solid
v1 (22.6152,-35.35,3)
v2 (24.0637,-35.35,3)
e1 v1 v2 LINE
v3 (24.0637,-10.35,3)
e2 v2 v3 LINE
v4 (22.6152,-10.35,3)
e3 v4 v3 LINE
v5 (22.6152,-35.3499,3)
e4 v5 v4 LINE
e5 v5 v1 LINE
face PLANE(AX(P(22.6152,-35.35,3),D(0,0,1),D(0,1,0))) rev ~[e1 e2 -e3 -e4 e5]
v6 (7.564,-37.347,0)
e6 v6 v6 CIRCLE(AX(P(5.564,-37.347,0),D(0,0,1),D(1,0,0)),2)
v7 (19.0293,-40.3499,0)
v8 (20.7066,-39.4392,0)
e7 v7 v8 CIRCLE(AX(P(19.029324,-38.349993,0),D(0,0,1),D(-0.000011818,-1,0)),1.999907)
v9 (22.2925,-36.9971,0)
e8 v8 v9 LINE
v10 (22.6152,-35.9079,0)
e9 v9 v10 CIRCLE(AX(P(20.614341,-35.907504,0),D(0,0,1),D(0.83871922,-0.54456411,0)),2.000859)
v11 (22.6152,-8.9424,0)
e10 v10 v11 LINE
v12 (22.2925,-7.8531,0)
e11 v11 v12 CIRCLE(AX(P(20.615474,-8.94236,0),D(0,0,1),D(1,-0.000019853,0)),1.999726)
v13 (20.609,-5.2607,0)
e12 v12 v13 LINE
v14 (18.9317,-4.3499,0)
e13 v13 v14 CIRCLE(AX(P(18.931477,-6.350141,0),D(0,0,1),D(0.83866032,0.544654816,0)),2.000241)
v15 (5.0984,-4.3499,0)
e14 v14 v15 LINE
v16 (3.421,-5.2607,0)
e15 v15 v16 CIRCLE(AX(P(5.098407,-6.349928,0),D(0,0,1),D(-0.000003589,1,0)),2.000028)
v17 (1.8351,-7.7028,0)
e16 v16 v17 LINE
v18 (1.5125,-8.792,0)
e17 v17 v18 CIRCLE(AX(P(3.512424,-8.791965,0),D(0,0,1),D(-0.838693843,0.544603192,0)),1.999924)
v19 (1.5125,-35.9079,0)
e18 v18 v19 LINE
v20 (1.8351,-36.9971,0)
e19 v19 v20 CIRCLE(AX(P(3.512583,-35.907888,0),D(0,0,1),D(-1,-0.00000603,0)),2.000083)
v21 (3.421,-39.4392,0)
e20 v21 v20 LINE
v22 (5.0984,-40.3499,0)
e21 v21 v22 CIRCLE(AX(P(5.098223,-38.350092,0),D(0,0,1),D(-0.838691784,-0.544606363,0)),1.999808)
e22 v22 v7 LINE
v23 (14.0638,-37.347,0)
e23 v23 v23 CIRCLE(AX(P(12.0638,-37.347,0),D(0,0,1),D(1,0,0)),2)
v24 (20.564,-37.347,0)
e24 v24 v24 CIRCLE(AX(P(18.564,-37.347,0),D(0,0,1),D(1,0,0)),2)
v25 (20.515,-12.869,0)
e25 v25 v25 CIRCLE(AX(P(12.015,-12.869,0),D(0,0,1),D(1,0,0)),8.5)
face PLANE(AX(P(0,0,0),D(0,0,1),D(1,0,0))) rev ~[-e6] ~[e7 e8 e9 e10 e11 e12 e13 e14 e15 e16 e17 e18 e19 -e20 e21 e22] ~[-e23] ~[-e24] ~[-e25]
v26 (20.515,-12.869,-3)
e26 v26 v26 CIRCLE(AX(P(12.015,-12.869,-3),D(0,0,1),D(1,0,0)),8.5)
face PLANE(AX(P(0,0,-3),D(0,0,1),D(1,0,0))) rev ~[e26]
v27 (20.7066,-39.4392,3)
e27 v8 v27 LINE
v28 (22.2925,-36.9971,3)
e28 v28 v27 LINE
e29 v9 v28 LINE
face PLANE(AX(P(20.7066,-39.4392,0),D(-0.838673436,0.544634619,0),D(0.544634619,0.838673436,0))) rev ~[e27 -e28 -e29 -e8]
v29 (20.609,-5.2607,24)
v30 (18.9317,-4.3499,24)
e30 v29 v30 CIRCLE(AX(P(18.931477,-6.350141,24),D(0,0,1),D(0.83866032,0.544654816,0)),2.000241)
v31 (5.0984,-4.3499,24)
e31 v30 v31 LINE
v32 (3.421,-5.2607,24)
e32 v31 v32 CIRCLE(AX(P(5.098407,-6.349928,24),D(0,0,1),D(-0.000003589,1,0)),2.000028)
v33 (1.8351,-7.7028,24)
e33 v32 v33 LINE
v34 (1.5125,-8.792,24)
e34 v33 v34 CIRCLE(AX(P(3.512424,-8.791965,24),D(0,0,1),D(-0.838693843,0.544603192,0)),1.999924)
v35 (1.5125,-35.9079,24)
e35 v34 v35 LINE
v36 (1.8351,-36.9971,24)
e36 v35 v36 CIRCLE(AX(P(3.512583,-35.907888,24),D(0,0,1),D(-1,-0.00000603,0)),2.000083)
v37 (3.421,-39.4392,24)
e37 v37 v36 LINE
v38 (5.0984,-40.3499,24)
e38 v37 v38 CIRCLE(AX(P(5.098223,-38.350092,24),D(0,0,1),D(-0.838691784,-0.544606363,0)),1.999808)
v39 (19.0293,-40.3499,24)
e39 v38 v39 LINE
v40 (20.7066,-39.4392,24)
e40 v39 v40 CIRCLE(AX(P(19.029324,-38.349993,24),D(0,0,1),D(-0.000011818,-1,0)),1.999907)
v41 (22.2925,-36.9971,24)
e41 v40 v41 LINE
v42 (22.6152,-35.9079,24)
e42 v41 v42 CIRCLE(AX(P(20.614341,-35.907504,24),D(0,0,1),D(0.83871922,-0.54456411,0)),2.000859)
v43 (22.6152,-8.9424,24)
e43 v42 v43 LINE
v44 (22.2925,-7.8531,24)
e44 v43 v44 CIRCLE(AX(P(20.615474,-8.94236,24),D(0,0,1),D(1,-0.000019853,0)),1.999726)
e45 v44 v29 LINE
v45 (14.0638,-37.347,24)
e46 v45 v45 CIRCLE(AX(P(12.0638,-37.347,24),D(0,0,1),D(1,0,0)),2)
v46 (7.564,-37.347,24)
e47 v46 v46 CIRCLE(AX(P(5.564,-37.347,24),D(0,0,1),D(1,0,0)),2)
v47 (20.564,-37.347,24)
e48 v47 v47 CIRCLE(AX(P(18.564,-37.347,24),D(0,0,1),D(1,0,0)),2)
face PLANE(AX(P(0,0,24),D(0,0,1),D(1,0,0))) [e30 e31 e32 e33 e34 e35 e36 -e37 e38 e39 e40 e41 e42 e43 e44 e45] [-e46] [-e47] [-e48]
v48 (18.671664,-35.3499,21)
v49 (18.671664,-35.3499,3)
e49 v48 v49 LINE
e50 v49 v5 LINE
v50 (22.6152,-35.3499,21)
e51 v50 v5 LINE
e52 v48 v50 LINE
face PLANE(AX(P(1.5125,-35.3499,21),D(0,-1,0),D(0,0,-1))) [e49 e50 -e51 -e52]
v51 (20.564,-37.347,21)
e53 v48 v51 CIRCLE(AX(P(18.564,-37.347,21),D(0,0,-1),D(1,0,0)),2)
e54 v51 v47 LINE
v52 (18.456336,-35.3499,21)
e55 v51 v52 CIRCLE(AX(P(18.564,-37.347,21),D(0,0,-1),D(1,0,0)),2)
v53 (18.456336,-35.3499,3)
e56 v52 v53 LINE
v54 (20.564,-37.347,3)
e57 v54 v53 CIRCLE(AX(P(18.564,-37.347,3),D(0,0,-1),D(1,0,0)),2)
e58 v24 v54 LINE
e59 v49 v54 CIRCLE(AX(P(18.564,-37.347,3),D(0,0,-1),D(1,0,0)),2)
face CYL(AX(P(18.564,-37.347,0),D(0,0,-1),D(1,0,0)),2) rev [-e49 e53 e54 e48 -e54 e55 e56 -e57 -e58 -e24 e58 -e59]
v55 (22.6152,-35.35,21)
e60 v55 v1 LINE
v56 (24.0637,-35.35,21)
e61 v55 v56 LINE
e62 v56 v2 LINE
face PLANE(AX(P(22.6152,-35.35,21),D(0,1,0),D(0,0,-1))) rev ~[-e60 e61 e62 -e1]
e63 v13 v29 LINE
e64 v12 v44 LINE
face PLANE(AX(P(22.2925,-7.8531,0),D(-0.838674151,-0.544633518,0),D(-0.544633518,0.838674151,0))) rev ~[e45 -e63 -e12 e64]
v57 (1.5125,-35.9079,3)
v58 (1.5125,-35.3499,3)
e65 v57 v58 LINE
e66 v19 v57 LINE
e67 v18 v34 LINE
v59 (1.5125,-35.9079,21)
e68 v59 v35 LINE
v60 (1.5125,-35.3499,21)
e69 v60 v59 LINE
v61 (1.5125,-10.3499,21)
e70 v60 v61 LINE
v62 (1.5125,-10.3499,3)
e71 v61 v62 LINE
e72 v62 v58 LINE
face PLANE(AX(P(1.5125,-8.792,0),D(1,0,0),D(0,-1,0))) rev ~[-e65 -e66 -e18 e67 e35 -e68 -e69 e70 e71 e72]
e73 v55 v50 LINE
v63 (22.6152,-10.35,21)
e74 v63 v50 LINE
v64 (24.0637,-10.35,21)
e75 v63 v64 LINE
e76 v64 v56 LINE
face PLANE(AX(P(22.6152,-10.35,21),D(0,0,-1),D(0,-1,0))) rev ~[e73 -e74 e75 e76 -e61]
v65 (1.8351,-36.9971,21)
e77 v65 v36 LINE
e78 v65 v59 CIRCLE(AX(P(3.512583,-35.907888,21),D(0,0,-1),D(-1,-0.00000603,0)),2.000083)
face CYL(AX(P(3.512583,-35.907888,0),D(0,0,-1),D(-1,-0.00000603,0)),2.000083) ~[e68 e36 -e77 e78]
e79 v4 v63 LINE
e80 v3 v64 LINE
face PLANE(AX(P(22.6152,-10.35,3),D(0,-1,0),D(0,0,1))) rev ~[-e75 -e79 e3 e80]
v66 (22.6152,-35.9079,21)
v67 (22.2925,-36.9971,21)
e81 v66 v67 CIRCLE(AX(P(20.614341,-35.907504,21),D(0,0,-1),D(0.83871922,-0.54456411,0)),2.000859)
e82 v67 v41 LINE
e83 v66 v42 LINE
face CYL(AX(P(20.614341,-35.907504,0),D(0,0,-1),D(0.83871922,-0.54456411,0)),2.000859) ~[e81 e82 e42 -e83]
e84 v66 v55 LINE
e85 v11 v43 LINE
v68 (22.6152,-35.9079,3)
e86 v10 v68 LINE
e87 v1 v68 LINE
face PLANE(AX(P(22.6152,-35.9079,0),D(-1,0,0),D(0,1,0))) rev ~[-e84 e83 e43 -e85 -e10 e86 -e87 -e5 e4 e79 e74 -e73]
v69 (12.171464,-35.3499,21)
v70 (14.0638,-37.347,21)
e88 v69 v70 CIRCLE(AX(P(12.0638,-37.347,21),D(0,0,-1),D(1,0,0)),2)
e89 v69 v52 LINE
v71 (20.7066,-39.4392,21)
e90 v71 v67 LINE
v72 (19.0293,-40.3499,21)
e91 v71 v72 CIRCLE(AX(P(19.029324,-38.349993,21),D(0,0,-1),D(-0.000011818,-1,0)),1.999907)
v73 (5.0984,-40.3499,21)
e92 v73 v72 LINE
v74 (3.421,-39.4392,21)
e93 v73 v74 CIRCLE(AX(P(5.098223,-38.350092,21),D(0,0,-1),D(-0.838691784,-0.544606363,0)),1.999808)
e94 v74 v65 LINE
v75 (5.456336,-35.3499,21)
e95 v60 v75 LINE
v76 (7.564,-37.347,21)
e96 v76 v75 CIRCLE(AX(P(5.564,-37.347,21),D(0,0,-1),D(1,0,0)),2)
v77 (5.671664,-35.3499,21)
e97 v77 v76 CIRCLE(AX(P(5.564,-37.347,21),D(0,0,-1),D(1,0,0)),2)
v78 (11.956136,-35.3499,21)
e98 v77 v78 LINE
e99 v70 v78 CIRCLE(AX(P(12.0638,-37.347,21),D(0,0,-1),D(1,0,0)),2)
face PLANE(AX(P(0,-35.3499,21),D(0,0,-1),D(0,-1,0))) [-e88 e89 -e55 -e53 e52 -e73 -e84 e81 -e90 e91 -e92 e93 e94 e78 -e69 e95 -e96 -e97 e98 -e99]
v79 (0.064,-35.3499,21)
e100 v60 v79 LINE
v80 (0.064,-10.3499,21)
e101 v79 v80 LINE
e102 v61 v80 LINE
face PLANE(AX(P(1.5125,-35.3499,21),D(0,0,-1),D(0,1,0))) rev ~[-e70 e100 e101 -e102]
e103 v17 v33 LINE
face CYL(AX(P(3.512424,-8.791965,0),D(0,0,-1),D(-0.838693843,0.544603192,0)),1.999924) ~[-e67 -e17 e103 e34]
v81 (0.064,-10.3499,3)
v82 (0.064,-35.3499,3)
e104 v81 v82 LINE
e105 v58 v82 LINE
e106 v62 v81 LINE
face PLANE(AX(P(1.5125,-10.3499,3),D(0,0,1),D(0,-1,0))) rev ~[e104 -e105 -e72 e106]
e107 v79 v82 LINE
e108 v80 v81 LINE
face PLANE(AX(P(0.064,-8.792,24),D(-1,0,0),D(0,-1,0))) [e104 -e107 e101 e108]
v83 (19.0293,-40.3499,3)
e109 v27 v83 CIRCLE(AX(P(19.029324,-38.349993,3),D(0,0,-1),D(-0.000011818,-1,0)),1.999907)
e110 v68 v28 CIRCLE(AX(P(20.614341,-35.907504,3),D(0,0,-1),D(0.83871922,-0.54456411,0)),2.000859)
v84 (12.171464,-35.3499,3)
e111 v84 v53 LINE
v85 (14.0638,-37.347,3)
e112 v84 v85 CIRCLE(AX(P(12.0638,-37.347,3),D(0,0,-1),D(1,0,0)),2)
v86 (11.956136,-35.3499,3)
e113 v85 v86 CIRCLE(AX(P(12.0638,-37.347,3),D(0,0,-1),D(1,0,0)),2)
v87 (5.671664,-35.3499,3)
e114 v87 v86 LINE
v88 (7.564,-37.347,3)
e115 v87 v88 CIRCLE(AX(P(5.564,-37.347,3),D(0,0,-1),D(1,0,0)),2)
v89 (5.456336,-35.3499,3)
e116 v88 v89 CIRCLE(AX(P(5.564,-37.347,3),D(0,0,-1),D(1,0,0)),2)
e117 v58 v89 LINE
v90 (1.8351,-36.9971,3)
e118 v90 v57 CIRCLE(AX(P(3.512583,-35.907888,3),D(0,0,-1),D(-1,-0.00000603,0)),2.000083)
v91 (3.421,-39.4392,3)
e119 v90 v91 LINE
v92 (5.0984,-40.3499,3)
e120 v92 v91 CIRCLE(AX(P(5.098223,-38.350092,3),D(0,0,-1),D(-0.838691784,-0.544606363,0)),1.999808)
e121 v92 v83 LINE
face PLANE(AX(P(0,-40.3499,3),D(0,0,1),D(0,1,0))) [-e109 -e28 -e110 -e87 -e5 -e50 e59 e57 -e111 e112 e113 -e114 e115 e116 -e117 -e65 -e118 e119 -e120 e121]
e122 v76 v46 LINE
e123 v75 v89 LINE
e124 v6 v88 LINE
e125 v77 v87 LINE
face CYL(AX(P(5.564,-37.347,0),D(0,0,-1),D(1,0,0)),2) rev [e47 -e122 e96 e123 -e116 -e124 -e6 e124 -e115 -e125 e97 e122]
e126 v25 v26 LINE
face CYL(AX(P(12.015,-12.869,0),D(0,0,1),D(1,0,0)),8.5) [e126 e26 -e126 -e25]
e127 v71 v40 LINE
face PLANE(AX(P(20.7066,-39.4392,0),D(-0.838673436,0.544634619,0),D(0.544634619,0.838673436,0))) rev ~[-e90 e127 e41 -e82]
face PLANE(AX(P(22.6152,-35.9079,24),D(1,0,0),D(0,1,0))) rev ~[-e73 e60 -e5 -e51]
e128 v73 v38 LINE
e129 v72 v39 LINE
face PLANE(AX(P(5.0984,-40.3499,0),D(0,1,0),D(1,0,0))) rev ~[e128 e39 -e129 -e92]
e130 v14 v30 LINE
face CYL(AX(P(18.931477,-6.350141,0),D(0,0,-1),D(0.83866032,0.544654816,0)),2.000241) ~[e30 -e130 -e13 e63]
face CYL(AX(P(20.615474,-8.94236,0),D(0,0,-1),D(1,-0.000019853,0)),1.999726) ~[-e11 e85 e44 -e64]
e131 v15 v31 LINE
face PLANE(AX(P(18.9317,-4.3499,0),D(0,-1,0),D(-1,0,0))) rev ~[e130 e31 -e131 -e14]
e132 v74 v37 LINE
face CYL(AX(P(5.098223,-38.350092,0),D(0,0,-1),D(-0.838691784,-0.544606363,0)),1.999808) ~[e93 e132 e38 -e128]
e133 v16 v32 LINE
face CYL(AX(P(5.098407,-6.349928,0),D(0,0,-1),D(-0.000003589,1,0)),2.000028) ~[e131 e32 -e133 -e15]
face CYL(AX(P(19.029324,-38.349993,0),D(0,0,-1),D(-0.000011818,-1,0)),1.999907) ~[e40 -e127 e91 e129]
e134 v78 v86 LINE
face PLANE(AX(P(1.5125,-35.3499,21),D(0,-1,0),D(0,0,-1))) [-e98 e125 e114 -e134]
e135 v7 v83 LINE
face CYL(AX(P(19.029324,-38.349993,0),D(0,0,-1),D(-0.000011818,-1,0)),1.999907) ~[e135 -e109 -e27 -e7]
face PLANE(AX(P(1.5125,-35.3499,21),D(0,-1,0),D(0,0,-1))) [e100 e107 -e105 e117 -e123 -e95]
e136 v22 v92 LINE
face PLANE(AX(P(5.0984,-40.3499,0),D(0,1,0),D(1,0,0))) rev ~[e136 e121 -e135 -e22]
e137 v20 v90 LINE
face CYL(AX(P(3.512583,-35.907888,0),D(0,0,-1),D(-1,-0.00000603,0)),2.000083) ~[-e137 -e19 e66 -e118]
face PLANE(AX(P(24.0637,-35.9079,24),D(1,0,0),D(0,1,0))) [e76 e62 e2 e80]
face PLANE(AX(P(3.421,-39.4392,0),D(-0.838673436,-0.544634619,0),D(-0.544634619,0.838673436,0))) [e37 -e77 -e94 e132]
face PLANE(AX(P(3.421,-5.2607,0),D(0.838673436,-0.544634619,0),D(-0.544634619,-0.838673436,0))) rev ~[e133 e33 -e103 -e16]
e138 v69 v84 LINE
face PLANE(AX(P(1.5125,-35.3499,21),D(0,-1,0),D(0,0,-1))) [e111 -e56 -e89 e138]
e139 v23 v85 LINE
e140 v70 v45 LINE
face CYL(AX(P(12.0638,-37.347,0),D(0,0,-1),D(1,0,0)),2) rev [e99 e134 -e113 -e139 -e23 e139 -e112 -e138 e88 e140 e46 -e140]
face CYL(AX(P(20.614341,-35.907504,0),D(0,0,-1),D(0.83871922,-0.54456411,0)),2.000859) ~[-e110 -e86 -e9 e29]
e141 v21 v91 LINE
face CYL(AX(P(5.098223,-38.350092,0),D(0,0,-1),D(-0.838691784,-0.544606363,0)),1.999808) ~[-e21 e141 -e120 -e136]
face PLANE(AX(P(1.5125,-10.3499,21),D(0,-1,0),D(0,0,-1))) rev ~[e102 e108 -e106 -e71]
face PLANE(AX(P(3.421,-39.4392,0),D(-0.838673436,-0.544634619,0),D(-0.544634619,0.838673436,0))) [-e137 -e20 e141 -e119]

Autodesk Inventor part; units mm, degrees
ref_plane "YZ Plane" through (0, 0, 0) normal (1, 0, 0) x (0, 1, 0)
ref_plane "XZ Plane" through (0, 0, 0) normal (0, 1, 0) x (-1, 0, 0)
sketch "Sketch2" plane through (0, 0, 0) normal (0, 0, 1) x (1, 0, 0)
  line L0 (5.0984, -40.3499) -> (19.0293, -40.3499)
  line L1 (22.6152, -35.9079) -> (22.6152, -8.9424)
  line L2 (18.9317, -4.3499) -> (5.0984, -4.3499)
  line L3 (1.5125, -8.792) -> (1.5125, -35.9079)
  line L4 (3.421, -5.2607) -> (1.8351, -7.7028)
  line L5 (3.421, -39.4392) -> (1.8351, -36.9971)
  line L6 (20.7066, -39.4392) -> (22.2925, -36.9971)
  line L7 (22.2925, -7.8531) -> (20.609, -5.2607)
  arc A0 (5.0984, -4.3499) -> (3.421, -5.2607) centre (5.0984, -6.3499) ccw
  arc A1 (1.8351, -7.7028) -> (1.5125, -8.792) centre (3.5125, -8.792) ccw
  arc A2 (20.609, -5.2607) -> (18.9317, -4.3499) centre (18.9317, -6.3499) ccw
  arc A3 (22.6152, -8.9424) -> (22.2925, -7.8531) centre (20.6152, -8.9424) ccw
  arc A4 (1.5125, -35.9079) -> (1.8351, -36.9971) centre (3.5125, -35.9079) ccw
  arc A5 (3.421, -39.4392) -> (5.0984, -40.3499) centre (5.0984, -38.3499) ccw
  arc A6 (19.0293, -40.3499) -> (20.7066, -39.4392) centre (19.0293, -38.3499) ccw
  arc A7 (22.2925, -36.9971) -> (22.6152, -35.9079) centre (20.6152, -35.9079) ccw
  point P0 (0, 0)
  point P1 (22.6152, -4.3499)
  point P2 (22.6152, -40.3499)
  dimension "d116" = 36
  dimension "d117" = 2
  dimension "d119" = 2
extrude "Extrusion1" add sketch "Sketch2" along normal blind 24
sketch "Sketch3" plane through (0, 0, 0) normal (0, 0, 1) x (1, 0, 0)
  circle A0 centre (12.015, -12.869) radius 8.5
  point P0 (0, 0)
  dimension "d244" = 17
extrude "Extrusion2" add sketch "Sketch3" against normal blind 3
sketch "Sketch6" plane through (0, 0, 0) normal (1, 0, 0) x (0, 1, 0)
  line L0 (-40.3499, 0) -> (-40.3499, 24) projected
  line L1 (-40.3499, 3) -> (-35.3499, 3)
  line L2 (-35.3499, 3) -> (-35.3499, 21)
  line L3 (-35.3499, 21) -> (-40.3499, 21)
  line L4 (-40.3499, 21) -> (-40.3499, 3)
  point P0 (0, 0)
  dimension "d221" = 5
  dimension "d222" = 18
extrude "Extrusion3" cut sketch "Sketch6" along normal up to next
ref_plane "Work Plane2" through (1.5125, -8.792, 24) normal (-1, 0, 0) x (0, -1, 0)
sketch "Sketch8" plane through (1.5125, -8.792, 24) normal (-1, 0, 0) x (0, -1, 0)
  line L0 (26.5579, -3) -> (26.5579, -21) projected
  line L1 (26.5579, -3) -> (1.5579, -3)
  line L2 (1.5579, -3) -> (1.5579, -21)
  line L3 (1.5579, -21) -> (26.5579, -21)
  line L4 (26.5579, -21) -> (26.5579, -3)
  dimension "d243" = 25
extrude "Extrusion4" add sketch "Sketch8" along normal blind 1.4485
ref_plane "Work Plane3" through (22.6152, -35.9079, 24) normal (1, 0, 0) x (0, 1, 0)
sketch "Sketch9" plane through (22.6152, -35.9079, 24) normal (1, 0, 0) x (0, 1, 0)
  line L0 (0.5579, -21) -> (25.5579, -21)
  line L1 (25.5579, -21) -> (25.5579, -3)
  line L2 (25.5579, -3) -> (0.5579, -3)
  line L3 (0.5579, -3) -> (0.5579, -21)
  dimension "d239" = 25
  dimension "d240" = 18
extrude "Extrusion5" add sketch "Sketch9" along normal blind 1.4485
sketch "Sketch10" plane through (0, 0, 0) normal (0, 0, 1) x (1, 0, 0)
  circle A0 centre (12.0638, -37.347) radius 2
  circle A1 centre (5.564, -37.347) radius 2
  circle A2 centre (18.564, -37.347) radius 2
  point P0 (0, 0)
  dimension "d245" = 4
  dimension "d246" = 4
  dimension "d247" = 4
extrude "Extrusion7" cut sketch "Sketch10" along normal blind 24
properties part number "servo"
